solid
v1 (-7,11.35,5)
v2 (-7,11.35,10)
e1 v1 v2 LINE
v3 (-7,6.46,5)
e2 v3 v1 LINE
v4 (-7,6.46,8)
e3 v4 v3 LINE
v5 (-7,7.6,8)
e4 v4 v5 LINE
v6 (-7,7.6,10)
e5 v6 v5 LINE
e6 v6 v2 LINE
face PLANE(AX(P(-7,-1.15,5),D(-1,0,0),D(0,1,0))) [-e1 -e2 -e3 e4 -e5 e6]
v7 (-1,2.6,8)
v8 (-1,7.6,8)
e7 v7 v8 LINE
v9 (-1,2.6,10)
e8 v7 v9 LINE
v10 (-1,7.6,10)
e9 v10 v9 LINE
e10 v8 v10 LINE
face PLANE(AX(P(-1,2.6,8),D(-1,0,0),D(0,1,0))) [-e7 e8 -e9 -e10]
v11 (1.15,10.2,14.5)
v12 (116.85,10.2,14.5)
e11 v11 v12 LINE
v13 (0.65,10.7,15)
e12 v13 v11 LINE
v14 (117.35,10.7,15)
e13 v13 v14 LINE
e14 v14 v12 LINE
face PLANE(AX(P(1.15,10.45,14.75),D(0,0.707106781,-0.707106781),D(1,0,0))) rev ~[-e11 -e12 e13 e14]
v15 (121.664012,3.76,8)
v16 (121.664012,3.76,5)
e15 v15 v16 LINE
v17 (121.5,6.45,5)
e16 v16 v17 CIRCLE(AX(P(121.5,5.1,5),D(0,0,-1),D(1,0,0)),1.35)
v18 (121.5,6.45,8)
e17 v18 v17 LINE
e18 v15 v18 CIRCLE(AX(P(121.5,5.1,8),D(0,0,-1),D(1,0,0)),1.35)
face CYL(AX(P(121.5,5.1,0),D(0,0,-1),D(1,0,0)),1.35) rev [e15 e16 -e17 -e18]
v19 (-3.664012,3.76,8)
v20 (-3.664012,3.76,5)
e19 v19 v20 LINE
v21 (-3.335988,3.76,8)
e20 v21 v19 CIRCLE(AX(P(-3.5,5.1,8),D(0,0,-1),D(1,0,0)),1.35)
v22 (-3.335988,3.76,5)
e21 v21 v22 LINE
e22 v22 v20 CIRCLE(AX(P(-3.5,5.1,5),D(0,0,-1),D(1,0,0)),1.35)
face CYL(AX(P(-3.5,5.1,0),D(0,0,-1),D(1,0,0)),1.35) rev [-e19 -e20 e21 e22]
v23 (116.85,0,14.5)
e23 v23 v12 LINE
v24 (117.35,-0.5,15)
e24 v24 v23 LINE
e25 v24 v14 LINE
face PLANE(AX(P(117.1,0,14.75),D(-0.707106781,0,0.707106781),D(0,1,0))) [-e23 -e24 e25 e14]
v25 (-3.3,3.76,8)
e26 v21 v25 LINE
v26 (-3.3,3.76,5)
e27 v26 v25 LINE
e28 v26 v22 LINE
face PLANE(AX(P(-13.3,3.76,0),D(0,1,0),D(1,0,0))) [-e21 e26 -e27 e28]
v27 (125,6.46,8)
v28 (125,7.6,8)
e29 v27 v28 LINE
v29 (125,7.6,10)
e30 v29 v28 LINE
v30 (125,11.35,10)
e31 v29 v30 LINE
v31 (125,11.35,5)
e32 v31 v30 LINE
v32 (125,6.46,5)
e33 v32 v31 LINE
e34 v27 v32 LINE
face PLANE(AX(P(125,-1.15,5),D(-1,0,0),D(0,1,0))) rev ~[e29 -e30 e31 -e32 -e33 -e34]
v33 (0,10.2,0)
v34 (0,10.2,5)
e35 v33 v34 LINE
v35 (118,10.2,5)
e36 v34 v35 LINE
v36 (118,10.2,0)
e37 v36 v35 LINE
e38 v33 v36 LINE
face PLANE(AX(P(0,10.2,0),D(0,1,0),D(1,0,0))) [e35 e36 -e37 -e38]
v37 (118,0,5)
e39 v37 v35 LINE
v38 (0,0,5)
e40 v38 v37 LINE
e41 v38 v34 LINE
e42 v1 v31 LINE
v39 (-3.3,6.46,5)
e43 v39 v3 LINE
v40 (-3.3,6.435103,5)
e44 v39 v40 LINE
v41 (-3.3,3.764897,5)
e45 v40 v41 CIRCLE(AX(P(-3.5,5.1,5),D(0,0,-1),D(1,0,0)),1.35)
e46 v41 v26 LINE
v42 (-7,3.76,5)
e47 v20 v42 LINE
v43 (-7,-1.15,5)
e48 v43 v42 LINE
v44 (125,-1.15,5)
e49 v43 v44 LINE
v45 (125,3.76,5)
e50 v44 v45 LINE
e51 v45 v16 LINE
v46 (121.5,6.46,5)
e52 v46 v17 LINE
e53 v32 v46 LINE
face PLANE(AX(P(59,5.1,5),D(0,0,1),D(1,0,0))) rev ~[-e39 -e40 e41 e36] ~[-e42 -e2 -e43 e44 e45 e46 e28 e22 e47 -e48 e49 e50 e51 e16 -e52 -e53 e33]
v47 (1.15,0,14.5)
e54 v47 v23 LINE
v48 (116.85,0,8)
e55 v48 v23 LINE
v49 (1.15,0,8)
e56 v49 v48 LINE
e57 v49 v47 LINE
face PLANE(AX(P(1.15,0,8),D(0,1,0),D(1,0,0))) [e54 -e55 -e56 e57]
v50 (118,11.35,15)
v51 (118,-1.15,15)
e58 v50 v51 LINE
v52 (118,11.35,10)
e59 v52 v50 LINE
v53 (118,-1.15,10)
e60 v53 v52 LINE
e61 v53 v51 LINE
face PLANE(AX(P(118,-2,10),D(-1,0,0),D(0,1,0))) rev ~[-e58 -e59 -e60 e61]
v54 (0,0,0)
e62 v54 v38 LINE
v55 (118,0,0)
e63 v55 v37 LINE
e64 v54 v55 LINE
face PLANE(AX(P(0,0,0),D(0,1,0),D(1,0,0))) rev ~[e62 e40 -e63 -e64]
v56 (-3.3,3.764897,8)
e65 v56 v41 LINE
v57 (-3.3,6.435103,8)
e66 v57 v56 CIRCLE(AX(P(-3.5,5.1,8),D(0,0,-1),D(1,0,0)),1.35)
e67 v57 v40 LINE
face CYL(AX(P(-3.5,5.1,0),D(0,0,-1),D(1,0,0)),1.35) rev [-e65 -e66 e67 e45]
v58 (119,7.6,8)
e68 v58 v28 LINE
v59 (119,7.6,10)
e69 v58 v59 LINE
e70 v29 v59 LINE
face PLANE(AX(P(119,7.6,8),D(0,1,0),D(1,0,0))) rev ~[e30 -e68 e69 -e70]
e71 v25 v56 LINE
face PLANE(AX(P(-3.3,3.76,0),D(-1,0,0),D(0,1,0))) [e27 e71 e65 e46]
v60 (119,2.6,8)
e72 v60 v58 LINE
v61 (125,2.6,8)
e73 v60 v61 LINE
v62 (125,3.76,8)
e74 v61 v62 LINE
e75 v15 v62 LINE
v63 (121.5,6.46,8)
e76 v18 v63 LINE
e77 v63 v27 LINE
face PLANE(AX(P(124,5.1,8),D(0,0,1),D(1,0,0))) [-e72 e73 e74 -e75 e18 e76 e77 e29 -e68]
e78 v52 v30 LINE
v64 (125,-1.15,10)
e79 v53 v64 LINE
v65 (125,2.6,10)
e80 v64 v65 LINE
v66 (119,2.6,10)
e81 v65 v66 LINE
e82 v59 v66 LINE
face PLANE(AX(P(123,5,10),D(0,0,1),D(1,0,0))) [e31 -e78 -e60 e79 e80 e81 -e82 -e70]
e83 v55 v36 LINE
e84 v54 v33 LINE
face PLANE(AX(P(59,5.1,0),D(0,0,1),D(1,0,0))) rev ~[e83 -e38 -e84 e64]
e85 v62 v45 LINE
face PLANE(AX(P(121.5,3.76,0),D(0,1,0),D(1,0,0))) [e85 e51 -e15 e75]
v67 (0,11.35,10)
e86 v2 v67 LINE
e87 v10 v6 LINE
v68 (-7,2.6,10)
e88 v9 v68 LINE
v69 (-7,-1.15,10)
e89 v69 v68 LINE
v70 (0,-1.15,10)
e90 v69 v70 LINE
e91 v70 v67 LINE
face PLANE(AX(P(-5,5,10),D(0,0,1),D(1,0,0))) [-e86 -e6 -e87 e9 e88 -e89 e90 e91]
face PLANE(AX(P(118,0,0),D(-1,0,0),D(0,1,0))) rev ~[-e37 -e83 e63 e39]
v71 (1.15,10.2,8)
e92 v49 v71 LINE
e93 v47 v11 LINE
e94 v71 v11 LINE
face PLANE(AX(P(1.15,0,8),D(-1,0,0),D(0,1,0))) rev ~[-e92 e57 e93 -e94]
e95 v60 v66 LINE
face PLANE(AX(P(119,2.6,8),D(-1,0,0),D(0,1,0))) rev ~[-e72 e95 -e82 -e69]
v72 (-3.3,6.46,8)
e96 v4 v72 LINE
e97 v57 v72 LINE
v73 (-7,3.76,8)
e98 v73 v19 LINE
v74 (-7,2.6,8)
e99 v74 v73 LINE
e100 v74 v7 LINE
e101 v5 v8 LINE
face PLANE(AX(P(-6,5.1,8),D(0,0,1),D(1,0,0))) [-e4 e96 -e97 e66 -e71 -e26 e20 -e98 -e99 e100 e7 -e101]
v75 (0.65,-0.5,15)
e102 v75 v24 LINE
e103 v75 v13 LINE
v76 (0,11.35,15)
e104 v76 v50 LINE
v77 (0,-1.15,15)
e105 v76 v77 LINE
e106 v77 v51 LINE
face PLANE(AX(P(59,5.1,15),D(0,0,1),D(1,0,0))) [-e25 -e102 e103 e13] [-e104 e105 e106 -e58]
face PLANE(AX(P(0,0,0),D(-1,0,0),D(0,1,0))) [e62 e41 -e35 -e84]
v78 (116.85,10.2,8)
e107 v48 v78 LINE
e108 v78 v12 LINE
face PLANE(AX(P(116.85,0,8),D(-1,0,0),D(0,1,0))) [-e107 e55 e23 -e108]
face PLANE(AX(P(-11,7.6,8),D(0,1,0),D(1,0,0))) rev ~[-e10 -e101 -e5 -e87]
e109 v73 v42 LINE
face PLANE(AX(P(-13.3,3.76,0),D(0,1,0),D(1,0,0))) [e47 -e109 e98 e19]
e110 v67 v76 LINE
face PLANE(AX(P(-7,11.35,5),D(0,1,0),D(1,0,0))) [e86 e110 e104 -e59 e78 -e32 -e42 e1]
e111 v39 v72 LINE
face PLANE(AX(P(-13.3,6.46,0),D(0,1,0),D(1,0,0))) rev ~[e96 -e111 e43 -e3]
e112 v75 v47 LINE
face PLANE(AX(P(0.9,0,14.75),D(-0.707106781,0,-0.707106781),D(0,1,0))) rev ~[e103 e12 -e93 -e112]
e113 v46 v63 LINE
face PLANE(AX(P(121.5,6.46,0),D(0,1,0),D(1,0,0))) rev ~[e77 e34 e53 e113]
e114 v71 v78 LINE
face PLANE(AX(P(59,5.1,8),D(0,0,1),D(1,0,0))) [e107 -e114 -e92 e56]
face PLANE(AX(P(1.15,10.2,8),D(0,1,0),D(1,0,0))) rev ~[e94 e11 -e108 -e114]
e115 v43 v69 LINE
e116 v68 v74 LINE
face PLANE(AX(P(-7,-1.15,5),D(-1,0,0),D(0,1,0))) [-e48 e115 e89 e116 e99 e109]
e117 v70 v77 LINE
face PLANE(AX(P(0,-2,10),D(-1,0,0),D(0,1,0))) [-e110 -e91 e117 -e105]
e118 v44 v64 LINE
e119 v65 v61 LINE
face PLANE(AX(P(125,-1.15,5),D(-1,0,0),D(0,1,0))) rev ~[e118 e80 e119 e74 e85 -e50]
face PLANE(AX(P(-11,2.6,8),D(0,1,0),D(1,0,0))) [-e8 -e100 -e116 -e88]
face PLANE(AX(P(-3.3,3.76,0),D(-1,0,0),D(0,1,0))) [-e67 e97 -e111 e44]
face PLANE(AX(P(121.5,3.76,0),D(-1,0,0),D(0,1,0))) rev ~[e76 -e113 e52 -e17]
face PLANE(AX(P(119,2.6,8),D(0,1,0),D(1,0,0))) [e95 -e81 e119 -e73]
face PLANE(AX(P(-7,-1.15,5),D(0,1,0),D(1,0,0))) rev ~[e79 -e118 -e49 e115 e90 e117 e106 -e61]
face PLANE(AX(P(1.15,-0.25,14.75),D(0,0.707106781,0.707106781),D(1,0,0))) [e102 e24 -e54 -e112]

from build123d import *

# Parameters (mm, degrees)
BOX004_W          = 10
BOX004_H          = 14
BOX004_DEPTH      = 10
BOX006_W          = 10
BOX006_H          = 2.7
BOX006_DEPTH      = 10
BOX003_W          = 10
BOX003_H          = 14
BOX003_DEPTH      = 10
CYLINDER_R        = 1.35
CYLINDER_DEPTH    = 10
BOX005_W          = 10
BOX005_H          = 2.7
BOX005_DEPTH      = 10
CYLINDER001_R     = 1.35
CYLINDER001_DEPTH = 10
BOX007_W          = 10
BOX007_H          = 5
BOX007_DEPTH      = 10
BOX008_W          = 10
BOX008_H          = 5
BOX008_DEPTH      = 10
BOX002_W          = 115.7
BOX002_H          = 10.2
BOX002_DEPTH      = 7
BOX_W             = 132
BOX_H             = 12.5
BOX_DEPTH         = 10
BOX001_W          = 118
BOX001_H          = 10.2
BOX001_DEPTH      = 5
CHAMFER_SIZE      = 0.5


with BuildPart() as box004:
    # Box004 → Box004 (new body)
    with BuildSketch(Plane(origin=(118, -2, 10), x_dir=(1, 0, 0), z_dir=(0, 0, 1))):
        with Locations((5, 7)):
            Rectangle(BOX004_W, BOX004_H)
    extrude(amount=BOX004_DEPTH)


with BuildPart() as box006:
    # Box006 → Box006 (new body)
    with BuildSketch(Plane(origin=(121.5, 3.76, 0), x_dir=(1, 0, 0), z_dir=(0, 0, 1))):
        with Locations((5, 1.35)):
            Rectangle(BOX006_W, BOX006_H)
    extrude(amount=BOX006_DEPTH)


with BuildPart() as box003:
    # Box003 → Box003 (new body)
    with BuildSketch(Plane(origin=(-10, -2, 10), x_dir=(1, 0, 0), z_dir=(0, 0, 1))):
        with Locations((5, 7)):
            Rectangle(BOX003_W, BOX003_H)
    extrude(amount=BOX003_DEPTH)


with BuildPart() as cylinder:
    # Cylinder → Cylinder (new body)
    with BuildSketch(Plane(origin=(-3.5, 5.1, 0), x_dir=(1, 0, 0), z_dir=(0, 0, 1))):
        Circle(CYLINDER_R)
    extrude(amount=CYLINDER_DEPTH)


with BuildPart() as box005:
    # Box005 → Box005 (new body)
    with BuildSketch(Plane(origin=(-13.3, 3.76, 0), x_dir=(1, 0, 0), z_dir=(0, 0, 1))):
        with Locations((5, 1.35)):
            Rectangle(BOX005_W, BOX005_H)
    extrude(amount=BOX005_DEPTH)


with BuildPart() as cylinder001:
    # Cylinder001 → Cylinder001 (new body)
    with BuildSketch(Plane(origin=(121.5, 5.1, 0), x_dir=(1, 0, 0), z_dir=(0, 0, 1))):
        Circle(CYLINDER001_R)
    extrude(amount=CYLINDER001_DEPTH)


with BuildPart() as box007:
    # Box007 → Box007 (new body)
    with BuildSketch(Plane(origin=(-11, 2.6, 8), x_dir=(1, 0, 0), z_dir=(0, 0, 1))):
        with Locations((5, 2.5)):
            Rectangle(BOX007_W, BOX007_H)
    extrude(amount=BOX007_DEPTH)


with BuildPart() as box008:
    # Box008 → Box008 (new body)
    with BuildSketch(Plane(origin=(119, 2.6, 8), x_dir=(1, 0, 0), z_dir=(0, 0, 1))):
        with Locations((5, 2.5)):
            Rectangle(BOX008_W, BOX008_H)
    extrude(amount=BOX008_DEPTH)


with BuildPart() as fusion:
    # Box002 → Box002 (new body)
    with BuildSketch(Plane(origin=(1.15, 0, 8), x_dir=(1, 0, 0), z_dir=(0, 0, 1))):
        with Locations((57.85, 5.1)):
            Rectangle(BOX002_W, BOX002_H)
    extrude(amount=BOX002_DEPTH)

    # Fusion: union Box004, Box006, Box003, Cylinder, Box005, Cylinder001, Box007, Box008
    add(box004.part)
    add(box006.part)
    add(box003.part)
    add(cylinder.part)
    add(box005.part)
    add(cylinder001.part)
    add(box007.part)
    add(box008.part)


with BuildPart() as box:
    # Box → Box (new body)
    with BuildSketch(Plane(origin=(-7, -1.15, 5), x_dir=(1, 0, 0), z_dir=(0, 0, 1))):
        with Locations((66, 6.25)):
            Rectangle(BOX_W, BOX_H)
    extrude(amount=BOX_DEPTH)


with BuildPart() as chamfer_body:
    # Box001 → Box001 (new body)
    with BuildSketch(Plane.XY):
        with Locations((59, 5.1)):
            Rectangle(BOX001_W, BOX001_H)
    extrude(amount=BOX001_DEPTH)

    # Fusion001: union Box
    add(box.part)

    # Cut: cut Fusion
    add(fusion.part, mode=Mode.SUBTRACT)

    # Chamfer
    chamfer_edges = [chamfer_body.edges().sort_by_distance(p)[0] for p in [
        (1.15, 5.1, 15),
        (59, 0, 15),
        (116.85, 5.1, 15),
        (59, 10.2, 15),
    ]]
    chamfer(chamfer_edges, length=CHAMFER_SIZE)


solid = chamfer_body.part
